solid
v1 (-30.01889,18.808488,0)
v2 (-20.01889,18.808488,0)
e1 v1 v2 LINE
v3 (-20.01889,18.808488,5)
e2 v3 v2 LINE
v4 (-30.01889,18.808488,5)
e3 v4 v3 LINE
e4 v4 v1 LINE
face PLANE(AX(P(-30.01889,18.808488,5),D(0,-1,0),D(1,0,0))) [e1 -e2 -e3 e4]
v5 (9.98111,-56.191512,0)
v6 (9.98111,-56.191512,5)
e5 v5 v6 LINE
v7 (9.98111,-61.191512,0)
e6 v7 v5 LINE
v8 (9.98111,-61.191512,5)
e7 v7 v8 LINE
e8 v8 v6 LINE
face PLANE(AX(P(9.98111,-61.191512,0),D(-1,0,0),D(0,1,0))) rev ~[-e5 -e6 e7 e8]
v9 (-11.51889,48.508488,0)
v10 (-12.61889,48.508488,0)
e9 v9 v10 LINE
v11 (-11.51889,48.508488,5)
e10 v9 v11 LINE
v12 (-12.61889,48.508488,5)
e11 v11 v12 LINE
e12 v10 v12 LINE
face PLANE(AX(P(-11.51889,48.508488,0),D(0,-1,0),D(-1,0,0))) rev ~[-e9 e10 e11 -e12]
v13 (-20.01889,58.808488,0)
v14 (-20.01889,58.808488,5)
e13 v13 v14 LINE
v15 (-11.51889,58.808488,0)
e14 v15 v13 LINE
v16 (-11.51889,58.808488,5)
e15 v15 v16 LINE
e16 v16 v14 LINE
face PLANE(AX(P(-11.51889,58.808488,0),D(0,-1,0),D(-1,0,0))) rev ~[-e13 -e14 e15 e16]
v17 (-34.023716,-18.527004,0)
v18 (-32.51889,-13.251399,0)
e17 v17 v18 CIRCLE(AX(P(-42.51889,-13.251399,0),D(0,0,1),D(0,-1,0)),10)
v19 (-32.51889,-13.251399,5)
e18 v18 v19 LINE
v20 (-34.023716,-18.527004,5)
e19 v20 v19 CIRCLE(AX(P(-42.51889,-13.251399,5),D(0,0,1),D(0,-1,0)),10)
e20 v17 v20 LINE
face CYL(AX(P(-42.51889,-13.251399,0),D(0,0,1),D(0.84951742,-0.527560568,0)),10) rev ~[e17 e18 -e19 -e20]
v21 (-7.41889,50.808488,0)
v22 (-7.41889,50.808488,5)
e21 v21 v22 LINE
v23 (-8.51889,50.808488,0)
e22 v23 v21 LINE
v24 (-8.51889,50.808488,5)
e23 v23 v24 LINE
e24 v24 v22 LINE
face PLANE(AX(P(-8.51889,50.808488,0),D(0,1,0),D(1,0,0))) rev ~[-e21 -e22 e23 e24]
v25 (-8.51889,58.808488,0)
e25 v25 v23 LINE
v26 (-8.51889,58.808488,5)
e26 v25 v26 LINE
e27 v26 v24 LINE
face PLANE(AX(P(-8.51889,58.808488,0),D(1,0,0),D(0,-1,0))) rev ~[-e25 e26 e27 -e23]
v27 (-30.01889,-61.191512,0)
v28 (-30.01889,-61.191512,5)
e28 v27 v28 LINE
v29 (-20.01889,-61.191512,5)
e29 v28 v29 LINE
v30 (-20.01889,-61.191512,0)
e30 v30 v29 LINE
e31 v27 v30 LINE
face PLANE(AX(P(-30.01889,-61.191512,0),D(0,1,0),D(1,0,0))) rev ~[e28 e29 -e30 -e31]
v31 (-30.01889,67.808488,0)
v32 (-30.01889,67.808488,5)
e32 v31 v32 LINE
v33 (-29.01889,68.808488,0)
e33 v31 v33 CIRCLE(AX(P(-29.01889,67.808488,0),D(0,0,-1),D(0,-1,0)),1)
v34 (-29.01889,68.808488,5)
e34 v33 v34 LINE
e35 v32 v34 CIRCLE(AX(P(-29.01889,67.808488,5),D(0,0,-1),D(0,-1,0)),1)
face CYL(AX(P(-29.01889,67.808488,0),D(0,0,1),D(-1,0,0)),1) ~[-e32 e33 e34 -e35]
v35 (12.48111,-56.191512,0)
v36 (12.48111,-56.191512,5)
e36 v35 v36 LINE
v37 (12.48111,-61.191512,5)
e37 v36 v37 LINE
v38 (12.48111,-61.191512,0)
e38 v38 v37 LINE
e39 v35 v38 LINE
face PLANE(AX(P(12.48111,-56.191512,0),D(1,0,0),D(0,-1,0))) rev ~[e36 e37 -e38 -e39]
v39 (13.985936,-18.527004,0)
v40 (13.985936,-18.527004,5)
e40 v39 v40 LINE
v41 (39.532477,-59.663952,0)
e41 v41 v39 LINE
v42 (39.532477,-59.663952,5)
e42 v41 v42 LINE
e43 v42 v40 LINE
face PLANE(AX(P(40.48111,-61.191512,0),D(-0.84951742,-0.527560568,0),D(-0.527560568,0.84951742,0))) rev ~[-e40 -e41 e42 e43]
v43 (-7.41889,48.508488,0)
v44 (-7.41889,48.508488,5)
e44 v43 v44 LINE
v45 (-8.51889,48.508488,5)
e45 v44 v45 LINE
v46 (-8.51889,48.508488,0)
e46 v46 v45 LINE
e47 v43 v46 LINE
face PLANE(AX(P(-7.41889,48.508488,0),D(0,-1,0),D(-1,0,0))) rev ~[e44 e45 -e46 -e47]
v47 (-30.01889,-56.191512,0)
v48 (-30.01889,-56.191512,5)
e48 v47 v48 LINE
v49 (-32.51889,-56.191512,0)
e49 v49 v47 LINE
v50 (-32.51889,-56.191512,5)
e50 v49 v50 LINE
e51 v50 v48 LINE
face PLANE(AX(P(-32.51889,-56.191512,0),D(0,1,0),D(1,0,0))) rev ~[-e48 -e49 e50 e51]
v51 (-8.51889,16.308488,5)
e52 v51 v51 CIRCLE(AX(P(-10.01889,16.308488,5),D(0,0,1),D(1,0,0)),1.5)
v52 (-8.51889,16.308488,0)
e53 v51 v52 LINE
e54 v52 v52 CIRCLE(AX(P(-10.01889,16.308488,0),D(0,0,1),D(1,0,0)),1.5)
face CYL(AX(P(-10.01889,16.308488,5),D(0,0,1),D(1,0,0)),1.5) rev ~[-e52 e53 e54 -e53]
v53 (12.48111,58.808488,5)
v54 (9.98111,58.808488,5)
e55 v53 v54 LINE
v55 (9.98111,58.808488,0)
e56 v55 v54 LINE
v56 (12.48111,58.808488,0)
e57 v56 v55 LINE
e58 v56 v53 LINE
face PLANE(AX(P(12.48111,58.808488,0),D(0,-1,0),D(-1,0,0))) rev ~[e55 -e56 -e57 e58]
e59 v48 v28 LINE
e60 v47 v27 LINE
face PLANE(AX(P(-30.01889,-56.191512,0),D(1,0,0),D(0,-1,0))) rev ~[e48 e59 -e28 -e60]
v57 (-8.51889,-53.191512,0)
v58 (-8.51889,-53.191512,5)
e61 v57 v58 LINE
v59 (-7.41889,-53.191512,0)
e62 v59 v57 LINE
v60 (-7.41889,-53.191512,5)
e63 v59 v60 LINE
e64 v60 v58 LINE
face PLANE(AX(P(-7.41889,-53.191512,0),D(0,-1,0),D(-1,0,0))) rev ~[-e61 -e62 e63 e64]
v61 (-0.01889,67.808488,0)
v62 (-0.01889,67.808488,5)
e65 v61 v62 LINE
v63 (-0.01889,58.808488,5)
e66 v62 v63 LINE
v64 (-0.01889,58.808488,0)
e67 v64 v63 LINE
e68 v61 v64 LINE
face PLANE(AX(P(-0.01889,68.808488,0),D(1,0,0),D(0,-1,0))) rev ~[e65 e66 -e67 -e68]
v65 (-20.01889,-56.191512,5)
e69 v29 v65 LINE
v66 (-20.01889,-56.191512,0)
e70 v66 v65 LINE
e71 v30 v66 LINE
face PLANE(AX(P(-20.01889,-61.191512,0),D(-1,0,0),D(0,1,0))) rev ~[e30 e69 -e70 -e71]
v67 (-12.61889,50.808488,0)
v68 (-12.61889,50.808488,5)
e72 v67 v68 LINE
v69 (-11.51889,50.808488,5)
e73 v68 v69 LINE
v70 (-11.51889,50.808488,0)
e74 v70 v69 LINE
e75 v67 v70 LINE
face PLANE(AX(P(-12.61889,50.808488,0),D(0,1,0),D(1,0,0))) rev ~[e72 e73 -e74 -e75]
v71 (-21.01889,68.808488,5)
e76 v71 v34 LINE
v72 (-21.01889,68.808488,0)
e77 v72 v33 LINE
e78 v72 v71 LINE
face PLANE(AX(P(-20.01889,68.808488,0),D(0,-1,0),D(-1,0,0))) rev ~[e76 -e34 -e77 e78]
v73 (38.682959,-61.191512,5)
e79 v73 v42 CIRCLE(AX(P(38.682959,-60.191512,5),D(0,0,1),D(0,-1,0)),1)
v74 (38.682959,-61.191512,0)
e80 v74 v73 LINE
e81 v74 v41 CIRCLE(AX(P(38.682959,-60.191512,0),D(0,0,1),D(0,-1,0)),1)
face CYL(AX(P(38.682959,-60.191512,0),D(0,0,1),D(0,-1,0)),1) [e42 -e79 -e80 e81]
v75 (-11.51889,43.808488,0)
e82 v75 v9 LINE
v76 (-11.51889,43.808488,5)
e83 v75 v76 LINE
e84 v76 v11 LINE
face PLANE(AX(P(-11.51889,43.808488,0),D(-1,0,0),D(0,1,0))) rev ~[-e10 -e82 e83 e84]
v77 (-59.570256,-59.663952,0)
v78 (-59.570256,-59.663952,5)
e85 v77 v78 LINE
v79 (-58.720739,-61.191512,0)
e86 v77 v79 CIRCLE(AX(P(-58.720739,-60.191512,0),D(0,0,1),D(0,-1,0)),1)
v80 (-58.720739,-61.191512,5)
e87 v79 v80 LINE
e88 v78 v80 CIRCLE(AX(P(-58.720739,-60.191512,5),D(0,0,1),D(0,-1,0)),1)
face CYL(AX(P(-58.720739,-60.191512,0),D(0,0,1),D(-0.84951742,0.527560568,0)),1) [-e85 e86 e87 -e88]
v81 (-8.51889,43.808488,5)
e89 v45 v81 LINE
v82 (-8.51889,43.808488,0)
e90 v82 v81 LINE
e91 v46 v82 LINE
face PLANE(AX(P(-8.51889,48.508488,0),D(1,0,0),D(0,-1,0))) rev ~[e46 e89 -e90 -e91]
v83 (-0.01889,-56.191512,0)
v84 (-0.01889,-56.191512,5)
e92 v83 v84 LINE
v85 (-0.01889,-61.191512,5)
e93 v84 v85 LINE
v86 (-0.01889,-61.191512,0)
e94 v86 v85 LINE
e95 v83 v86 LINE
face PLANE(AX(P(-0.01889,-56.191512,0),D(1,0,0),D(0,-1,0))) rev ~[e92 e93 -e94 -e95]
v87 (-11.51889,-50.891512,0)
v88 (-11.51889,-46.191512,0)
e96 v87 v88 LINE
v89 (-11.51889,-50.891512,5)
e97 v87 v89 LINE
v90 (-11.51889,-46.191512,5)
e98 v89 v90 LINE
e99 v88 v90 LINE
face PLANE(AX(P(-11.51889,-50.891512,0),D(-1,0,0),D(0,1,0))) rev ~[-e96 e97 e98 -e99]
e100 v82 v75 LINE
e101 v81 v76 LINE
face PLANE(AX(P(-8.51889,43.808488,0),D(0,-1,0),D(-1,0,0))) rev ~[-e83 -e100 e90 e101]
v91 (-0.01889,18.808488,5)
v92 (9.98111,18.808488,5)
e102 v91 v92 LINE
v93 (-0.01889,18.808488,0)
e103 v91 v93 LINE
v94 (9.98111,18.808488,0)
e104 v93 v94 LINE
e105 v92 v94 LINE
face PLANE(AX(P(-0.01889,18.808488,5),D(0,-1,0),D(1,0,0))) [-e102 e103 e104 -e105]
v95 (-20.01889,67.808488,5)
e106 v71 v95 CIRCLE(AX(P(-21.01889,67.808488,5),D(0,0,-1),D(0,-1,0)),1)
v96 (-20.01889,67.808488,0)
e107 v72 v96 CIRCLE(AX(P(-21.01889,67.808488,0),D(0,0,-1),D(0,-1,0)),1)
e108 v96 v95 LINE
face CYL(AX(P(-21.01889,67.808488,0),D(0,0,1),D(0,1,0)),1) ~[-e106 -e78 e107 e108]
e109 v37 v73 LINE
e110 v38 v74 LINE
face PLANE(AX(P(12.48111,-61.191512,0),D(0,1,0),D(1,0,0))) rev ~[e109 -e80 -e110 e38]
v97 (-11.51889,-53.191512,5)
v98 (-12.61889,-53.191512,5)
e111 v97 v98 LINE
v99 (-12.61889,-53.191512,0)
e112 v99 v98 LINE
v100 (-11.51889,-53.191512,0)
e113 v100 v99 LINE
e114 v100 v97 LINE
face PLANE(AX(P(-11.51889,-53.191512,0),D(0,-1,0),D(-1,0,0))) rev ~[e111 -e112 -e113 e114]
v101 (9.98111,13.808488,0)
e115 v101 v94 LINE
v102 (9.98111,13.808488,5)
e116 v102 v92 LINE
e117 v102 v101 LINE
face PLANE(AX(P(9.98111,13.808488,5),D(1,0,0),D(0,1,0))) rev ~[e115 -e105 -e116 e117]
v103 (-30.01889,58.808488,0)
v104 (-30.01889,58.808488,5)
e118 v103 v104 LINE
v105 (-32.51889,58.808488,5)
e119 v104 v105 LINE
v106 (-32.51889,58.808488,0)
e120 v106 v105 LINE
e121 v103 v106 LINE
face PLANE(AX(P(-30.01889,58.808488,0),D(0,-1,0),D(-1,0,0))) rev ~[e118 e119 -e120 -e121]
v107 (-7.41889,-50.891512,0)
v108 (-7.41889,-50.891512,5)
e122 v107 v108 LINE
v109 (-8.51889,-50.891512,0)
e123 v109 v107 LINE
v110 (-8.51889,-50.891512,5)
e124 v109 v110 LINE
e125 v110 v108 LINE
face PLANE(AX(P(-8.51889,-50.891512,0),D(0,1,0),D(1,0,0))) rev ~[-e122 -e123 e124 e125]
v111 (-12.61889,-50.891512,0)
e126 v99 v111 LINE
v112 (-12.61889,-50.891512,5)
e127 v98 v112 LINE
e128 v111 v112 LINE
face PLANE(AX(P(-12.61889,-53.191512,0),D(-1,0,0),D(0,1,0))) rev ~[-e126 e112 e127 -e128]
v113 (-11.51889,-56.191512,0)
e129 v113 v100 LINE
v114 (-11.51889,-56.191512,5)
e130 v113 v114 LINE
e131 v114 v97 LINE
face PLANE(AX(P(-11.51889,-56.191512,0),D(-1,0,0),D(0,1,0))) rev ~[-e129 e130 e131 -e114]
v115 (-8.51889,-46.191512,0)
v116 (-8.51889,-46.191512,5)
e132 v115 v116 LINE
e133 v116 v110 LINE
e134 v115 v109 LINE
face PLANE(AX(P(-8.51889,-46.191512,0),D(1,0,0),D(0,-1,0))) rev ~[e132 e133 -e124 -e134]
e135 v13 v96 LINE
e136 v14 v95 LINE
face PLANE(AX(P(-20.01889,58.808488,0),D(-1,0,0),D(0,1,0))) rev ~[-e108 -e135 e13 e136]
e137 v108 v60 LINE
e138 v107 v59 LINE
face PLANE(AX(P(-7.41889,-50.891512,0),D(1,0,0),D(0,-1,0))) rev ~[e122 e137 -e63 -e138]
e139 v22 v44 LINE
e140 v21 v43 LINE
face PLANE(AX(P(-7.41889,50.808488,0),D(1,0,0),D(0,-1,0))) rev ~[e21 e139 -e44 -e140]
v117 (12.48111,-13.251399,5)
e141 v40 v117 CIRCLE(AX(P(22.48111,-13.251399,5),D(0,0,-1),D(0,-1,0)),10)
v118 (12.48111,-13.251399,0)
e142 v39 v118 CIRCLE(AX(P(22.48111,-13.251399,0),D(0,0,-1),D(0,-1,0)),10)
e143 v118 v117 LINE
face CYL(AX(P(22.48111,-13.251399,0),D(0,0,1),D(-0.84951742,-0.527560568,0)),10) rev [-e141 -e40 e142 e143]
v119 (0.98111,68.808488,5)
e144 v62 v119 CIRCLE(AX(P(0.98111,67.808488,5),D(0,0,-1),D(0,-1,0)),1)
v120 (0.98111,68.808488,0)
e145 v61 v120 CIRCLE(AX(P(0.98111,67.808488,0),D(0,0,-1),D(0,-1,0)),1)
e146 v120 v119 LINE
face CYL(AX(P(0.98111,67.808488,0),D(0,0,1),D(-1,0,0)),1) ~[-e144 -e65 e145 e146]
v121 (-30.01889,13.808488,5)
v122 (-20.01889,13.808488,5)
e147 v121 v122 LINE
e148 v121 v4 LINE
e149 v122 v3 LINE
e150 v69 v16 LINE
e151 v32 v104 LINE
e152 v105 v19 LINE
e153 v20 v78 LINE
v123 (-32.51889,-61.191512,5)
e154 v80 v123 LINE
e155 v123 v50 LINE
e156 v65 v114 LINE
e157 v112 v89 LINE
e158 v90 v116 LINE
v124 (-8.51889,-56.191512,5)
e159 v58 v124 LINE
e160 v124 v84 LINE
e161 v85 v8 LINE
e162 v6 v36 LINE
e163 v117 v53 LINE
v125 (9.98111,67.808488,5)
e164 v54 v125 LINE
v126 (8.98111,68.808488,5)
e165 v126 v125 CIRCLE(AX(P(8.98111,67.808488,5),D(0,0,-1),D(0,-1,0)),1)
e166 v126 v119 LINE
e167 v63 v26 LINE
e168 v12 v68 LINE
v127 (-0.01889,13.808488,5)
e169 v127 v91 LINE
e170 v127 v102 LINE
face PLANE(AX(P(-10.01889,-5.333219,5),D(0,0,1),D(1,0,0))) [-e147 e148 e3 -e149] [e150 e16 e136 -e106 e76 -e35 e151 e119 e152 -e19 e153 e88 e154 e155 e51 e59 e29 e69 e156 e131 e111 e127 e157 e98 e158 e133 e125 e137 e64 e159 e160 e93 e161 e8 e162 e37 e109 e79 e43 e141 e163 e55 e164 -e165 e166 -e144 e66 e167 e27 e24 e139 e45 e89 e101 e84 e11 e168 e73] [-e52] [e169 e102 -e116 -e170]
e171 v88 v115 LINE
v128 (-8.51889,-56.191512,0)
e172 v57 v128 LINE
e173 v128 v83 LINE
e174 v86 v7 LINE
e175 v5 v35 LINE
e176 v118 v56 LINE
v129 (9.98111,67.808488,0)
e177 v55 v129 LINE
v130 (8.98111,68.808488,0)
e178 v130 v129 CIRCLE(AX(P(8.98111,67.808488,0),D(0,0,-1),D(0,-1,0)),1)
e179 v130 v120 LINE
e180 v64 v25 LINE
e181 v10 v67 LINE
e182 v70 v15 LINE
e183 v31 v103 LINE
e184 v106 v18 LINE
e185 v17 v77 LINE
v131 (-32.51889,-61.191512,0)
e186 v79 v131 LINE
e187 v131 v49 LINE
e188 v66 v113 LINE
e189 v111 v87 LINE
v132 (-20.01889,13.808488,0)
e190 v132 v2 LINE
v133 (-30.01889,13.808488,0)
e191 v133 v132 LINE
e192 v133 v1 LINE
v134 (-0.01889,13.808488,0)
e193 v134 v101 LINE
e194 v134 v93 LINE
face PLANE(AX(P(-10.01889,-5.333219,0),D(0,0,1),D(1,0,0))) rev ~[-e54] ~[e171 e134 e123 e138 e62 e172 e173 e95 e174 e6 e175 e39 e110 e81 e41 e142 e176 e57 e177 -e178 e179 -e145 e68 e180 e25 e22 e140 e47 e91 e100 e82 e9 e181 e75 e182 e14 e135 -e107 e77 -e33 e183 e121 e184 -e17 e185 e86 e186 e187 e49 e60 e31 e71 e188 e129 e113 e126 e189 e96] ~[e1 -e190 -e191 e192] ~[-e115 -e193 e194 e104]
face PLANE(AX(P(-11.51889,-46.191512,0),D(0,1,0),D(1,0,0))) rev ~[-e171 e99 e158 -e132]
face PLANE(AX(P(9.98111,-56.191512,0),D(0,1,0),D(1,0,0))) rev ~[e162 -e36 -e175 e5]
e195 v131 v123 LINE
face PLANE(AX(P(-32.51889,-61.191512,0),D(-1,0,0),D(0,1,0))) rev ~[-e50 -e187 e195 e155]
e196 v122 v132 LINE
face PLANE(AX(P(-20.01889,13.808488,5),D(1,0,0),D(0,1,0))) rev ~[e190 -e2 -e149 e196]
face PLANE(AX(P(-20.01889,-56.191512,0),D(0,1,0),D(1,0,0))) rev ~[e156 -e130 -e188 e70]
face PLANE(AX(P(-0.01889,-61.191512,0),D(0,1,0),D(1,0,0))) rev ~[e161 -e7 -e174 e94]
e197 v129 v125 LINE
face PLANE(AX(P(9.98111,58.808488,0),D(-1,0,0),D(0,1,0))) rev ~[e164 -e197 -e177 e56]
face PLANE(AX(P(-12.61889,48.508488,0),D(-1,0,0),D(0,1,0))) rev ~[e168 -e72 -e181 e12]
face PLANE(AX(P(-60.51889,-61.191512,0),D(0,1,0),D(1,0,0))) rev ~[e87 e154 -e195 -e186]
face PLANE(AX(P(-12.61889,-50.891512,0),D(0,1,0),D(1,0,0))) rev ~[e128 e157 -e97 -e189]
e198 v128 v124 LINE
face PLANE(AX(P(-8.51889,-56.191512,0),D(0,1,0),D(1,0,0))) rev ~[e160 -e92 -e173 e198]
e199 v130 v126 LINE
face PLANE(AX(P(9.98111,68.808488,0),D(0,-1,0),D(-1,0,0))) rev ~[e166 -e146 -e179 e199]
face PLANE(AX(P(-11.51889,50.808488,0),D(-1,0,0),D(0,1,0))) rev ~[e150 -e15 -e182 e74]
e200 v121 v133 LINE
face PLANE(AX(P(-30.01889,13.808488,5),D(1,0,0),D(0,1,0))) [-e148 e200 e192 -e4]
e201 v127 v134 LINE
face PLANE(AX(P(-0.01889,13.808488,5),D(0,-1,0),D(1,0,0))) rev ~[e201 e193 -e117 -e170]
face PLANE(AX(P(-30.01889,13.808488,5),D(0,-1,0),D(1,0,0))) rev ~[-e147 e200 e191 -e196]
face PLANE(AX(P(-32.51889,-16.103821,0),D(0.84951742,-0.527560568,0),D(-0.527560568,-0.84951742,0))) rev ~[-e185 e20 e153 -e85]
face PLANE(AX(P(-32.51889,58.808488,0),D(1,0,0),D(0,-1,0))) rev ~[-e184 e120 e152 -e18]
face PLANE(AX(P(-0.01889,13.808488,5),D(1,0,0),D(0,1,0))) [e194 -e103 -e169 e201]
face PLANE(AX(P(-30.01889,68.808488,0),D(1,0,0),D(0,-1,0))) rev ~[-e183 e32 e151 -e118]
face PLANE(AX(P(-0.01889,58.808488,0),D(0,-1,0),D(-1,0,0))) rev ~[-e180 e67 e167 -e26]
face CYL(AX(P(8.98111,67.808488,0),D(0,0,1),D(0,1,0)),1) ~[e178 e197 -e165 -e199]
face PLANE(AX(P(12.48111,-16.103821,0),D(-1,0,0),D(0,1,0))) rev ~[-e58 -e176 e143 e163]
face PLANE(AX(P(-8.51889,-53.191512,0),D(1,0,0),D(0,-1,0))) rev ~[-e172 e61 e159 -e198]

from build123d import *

# Parameters (mm, degrees)
BOSS_EXTRUDE1_DEPTH = 5
SKETCH2_R           = 1.5
SKETCH2_W           = 10
SKETCH2_H           = 5
CUT_EXTRUDE1_DEPTH  = 10
FILLET1_R           = 10
FILLET2_R           = 1
CONG_1_R            = 1


with BuildPart() as part:
    # Sketch1 → Boss-Extrude1 (new body)
    with BuildSketch(Plane.XY):
        Polygon((-32.518889855, -56.191512275), (-30.018889855, -56.191512275), (-30.018889855, -61.191512275), (-20.018889855, -61.191512275), (-20.018889855, -56.191512275), (-11.518889855, -56.191512275), (-11.518889855, -53.191512275), (-12.618889855, -53.191512275), (-12.618889855, -50.891512275), (-11.518889855, -50.891512275), (-11.518889855, -46.191512275), (-8.518889855, -46.191512275), (-8.518889855, -50.891512275), (-7.418889855, -50.891512275), (-7.418889855, -53.191512275), (-8.518889855, -53.191512275), (-8.518889855, -56.191512275), (-0.018889855, -56.191512275), (-0.018889855, -61.191512275), (9.981110145, -61.191512275), (9.981110145, -56.191512275), (12.481110145, -56.191512275), (12.481110145, -61.191512275), (40.481110145, -61.191512275), (12.481110145, -16.103821473), (12.481110145, 58.808487725), (9.981110145, 58.808487725), (9.981110145, 68.808487725), (-0.018889855, 68.808487725), (-0.018889855, 58.808487725), (-8.518889855, 58.808487725), (-8.518889855, 50.808487725), (-7.418889855, 50.808487725), (-7.418889855, 48.508487725), (-8.518889855, 48.508487725), (-8.518889855, 43.808487725), (-11.518889855, 43.808487725), (-11.518889855, 48.508487725), (-12.618889855, 48.508487725), (-12.618889855, 50.808487725), (-11.518889855, 50.808487725), (-11.518889855, 58.808487725), (-20.018889855, 58.808487725), (-20.018889855, 68.808487725), (-30.018889855, 68.808487725), (-30.018889855, 58.808487725), (-32.518889855, 58.808487725), (-32.518889855, -16.103821473), (-60.518889855, -61.191512275), (-32.518889855, -61.191512275), align=None)
    extrude(amount=BOSS_EXTRUDE1_DEPTH)

    # Sketch2 → Cut-Extrude1 (cut)
    with BuildSketch(Plane.XY.offset(5)):
        with Locations((-10.018889855, 16.308487725)):
            Circle(SKETCH2_R)
        with Locations((-25.018889855, 16.308487725)):
            Rectangle(SKETCH2_W, SKETCH2_H)
        with Locations((4.981110145, 16.308487725)):
            Rectangle(SKETCH2_W, SKETCH2_H)
    extrude(amount=-CUT_EXTRUDE1_DEPTH, mode=Mode.SUBTRACT)

    # Fillet1
    fillet1_edges = [part.edges().sort_by_distance(p)[0] for p in [
        (-32.518889855, -16.103821473, 2.5),
        (12.481110145, -16.103821473, 2.5),
    ]]
    fillet(fillet1_edges, radius=FILLET1_R)

    # Fillet2
    fillet2_edges = [part.edges().sort_by_distance(p)[0] for p in [
        (40.481110145, -61.191512275, 2.5),
        (-60.518889855, -61.191512275, 2.5),
    ]]
    fillet(fillet2_edges, radius=FILLET2_R)

    # Congé1
    cong_1_edges = [part.edges().sort_by_distance(p)[0] for p in [
        (-30.018889855, 68.808487725, 2.5),
        (-20.018889855, 68.808487725, 2.5),
        (-0.018889855, 68.808487725, 2.5),
        (9.981110145, 68.808487725, 2.5),
    ]]
    fillet(cong_1_edges, radius=CONG_1_R)


solid = part.part
